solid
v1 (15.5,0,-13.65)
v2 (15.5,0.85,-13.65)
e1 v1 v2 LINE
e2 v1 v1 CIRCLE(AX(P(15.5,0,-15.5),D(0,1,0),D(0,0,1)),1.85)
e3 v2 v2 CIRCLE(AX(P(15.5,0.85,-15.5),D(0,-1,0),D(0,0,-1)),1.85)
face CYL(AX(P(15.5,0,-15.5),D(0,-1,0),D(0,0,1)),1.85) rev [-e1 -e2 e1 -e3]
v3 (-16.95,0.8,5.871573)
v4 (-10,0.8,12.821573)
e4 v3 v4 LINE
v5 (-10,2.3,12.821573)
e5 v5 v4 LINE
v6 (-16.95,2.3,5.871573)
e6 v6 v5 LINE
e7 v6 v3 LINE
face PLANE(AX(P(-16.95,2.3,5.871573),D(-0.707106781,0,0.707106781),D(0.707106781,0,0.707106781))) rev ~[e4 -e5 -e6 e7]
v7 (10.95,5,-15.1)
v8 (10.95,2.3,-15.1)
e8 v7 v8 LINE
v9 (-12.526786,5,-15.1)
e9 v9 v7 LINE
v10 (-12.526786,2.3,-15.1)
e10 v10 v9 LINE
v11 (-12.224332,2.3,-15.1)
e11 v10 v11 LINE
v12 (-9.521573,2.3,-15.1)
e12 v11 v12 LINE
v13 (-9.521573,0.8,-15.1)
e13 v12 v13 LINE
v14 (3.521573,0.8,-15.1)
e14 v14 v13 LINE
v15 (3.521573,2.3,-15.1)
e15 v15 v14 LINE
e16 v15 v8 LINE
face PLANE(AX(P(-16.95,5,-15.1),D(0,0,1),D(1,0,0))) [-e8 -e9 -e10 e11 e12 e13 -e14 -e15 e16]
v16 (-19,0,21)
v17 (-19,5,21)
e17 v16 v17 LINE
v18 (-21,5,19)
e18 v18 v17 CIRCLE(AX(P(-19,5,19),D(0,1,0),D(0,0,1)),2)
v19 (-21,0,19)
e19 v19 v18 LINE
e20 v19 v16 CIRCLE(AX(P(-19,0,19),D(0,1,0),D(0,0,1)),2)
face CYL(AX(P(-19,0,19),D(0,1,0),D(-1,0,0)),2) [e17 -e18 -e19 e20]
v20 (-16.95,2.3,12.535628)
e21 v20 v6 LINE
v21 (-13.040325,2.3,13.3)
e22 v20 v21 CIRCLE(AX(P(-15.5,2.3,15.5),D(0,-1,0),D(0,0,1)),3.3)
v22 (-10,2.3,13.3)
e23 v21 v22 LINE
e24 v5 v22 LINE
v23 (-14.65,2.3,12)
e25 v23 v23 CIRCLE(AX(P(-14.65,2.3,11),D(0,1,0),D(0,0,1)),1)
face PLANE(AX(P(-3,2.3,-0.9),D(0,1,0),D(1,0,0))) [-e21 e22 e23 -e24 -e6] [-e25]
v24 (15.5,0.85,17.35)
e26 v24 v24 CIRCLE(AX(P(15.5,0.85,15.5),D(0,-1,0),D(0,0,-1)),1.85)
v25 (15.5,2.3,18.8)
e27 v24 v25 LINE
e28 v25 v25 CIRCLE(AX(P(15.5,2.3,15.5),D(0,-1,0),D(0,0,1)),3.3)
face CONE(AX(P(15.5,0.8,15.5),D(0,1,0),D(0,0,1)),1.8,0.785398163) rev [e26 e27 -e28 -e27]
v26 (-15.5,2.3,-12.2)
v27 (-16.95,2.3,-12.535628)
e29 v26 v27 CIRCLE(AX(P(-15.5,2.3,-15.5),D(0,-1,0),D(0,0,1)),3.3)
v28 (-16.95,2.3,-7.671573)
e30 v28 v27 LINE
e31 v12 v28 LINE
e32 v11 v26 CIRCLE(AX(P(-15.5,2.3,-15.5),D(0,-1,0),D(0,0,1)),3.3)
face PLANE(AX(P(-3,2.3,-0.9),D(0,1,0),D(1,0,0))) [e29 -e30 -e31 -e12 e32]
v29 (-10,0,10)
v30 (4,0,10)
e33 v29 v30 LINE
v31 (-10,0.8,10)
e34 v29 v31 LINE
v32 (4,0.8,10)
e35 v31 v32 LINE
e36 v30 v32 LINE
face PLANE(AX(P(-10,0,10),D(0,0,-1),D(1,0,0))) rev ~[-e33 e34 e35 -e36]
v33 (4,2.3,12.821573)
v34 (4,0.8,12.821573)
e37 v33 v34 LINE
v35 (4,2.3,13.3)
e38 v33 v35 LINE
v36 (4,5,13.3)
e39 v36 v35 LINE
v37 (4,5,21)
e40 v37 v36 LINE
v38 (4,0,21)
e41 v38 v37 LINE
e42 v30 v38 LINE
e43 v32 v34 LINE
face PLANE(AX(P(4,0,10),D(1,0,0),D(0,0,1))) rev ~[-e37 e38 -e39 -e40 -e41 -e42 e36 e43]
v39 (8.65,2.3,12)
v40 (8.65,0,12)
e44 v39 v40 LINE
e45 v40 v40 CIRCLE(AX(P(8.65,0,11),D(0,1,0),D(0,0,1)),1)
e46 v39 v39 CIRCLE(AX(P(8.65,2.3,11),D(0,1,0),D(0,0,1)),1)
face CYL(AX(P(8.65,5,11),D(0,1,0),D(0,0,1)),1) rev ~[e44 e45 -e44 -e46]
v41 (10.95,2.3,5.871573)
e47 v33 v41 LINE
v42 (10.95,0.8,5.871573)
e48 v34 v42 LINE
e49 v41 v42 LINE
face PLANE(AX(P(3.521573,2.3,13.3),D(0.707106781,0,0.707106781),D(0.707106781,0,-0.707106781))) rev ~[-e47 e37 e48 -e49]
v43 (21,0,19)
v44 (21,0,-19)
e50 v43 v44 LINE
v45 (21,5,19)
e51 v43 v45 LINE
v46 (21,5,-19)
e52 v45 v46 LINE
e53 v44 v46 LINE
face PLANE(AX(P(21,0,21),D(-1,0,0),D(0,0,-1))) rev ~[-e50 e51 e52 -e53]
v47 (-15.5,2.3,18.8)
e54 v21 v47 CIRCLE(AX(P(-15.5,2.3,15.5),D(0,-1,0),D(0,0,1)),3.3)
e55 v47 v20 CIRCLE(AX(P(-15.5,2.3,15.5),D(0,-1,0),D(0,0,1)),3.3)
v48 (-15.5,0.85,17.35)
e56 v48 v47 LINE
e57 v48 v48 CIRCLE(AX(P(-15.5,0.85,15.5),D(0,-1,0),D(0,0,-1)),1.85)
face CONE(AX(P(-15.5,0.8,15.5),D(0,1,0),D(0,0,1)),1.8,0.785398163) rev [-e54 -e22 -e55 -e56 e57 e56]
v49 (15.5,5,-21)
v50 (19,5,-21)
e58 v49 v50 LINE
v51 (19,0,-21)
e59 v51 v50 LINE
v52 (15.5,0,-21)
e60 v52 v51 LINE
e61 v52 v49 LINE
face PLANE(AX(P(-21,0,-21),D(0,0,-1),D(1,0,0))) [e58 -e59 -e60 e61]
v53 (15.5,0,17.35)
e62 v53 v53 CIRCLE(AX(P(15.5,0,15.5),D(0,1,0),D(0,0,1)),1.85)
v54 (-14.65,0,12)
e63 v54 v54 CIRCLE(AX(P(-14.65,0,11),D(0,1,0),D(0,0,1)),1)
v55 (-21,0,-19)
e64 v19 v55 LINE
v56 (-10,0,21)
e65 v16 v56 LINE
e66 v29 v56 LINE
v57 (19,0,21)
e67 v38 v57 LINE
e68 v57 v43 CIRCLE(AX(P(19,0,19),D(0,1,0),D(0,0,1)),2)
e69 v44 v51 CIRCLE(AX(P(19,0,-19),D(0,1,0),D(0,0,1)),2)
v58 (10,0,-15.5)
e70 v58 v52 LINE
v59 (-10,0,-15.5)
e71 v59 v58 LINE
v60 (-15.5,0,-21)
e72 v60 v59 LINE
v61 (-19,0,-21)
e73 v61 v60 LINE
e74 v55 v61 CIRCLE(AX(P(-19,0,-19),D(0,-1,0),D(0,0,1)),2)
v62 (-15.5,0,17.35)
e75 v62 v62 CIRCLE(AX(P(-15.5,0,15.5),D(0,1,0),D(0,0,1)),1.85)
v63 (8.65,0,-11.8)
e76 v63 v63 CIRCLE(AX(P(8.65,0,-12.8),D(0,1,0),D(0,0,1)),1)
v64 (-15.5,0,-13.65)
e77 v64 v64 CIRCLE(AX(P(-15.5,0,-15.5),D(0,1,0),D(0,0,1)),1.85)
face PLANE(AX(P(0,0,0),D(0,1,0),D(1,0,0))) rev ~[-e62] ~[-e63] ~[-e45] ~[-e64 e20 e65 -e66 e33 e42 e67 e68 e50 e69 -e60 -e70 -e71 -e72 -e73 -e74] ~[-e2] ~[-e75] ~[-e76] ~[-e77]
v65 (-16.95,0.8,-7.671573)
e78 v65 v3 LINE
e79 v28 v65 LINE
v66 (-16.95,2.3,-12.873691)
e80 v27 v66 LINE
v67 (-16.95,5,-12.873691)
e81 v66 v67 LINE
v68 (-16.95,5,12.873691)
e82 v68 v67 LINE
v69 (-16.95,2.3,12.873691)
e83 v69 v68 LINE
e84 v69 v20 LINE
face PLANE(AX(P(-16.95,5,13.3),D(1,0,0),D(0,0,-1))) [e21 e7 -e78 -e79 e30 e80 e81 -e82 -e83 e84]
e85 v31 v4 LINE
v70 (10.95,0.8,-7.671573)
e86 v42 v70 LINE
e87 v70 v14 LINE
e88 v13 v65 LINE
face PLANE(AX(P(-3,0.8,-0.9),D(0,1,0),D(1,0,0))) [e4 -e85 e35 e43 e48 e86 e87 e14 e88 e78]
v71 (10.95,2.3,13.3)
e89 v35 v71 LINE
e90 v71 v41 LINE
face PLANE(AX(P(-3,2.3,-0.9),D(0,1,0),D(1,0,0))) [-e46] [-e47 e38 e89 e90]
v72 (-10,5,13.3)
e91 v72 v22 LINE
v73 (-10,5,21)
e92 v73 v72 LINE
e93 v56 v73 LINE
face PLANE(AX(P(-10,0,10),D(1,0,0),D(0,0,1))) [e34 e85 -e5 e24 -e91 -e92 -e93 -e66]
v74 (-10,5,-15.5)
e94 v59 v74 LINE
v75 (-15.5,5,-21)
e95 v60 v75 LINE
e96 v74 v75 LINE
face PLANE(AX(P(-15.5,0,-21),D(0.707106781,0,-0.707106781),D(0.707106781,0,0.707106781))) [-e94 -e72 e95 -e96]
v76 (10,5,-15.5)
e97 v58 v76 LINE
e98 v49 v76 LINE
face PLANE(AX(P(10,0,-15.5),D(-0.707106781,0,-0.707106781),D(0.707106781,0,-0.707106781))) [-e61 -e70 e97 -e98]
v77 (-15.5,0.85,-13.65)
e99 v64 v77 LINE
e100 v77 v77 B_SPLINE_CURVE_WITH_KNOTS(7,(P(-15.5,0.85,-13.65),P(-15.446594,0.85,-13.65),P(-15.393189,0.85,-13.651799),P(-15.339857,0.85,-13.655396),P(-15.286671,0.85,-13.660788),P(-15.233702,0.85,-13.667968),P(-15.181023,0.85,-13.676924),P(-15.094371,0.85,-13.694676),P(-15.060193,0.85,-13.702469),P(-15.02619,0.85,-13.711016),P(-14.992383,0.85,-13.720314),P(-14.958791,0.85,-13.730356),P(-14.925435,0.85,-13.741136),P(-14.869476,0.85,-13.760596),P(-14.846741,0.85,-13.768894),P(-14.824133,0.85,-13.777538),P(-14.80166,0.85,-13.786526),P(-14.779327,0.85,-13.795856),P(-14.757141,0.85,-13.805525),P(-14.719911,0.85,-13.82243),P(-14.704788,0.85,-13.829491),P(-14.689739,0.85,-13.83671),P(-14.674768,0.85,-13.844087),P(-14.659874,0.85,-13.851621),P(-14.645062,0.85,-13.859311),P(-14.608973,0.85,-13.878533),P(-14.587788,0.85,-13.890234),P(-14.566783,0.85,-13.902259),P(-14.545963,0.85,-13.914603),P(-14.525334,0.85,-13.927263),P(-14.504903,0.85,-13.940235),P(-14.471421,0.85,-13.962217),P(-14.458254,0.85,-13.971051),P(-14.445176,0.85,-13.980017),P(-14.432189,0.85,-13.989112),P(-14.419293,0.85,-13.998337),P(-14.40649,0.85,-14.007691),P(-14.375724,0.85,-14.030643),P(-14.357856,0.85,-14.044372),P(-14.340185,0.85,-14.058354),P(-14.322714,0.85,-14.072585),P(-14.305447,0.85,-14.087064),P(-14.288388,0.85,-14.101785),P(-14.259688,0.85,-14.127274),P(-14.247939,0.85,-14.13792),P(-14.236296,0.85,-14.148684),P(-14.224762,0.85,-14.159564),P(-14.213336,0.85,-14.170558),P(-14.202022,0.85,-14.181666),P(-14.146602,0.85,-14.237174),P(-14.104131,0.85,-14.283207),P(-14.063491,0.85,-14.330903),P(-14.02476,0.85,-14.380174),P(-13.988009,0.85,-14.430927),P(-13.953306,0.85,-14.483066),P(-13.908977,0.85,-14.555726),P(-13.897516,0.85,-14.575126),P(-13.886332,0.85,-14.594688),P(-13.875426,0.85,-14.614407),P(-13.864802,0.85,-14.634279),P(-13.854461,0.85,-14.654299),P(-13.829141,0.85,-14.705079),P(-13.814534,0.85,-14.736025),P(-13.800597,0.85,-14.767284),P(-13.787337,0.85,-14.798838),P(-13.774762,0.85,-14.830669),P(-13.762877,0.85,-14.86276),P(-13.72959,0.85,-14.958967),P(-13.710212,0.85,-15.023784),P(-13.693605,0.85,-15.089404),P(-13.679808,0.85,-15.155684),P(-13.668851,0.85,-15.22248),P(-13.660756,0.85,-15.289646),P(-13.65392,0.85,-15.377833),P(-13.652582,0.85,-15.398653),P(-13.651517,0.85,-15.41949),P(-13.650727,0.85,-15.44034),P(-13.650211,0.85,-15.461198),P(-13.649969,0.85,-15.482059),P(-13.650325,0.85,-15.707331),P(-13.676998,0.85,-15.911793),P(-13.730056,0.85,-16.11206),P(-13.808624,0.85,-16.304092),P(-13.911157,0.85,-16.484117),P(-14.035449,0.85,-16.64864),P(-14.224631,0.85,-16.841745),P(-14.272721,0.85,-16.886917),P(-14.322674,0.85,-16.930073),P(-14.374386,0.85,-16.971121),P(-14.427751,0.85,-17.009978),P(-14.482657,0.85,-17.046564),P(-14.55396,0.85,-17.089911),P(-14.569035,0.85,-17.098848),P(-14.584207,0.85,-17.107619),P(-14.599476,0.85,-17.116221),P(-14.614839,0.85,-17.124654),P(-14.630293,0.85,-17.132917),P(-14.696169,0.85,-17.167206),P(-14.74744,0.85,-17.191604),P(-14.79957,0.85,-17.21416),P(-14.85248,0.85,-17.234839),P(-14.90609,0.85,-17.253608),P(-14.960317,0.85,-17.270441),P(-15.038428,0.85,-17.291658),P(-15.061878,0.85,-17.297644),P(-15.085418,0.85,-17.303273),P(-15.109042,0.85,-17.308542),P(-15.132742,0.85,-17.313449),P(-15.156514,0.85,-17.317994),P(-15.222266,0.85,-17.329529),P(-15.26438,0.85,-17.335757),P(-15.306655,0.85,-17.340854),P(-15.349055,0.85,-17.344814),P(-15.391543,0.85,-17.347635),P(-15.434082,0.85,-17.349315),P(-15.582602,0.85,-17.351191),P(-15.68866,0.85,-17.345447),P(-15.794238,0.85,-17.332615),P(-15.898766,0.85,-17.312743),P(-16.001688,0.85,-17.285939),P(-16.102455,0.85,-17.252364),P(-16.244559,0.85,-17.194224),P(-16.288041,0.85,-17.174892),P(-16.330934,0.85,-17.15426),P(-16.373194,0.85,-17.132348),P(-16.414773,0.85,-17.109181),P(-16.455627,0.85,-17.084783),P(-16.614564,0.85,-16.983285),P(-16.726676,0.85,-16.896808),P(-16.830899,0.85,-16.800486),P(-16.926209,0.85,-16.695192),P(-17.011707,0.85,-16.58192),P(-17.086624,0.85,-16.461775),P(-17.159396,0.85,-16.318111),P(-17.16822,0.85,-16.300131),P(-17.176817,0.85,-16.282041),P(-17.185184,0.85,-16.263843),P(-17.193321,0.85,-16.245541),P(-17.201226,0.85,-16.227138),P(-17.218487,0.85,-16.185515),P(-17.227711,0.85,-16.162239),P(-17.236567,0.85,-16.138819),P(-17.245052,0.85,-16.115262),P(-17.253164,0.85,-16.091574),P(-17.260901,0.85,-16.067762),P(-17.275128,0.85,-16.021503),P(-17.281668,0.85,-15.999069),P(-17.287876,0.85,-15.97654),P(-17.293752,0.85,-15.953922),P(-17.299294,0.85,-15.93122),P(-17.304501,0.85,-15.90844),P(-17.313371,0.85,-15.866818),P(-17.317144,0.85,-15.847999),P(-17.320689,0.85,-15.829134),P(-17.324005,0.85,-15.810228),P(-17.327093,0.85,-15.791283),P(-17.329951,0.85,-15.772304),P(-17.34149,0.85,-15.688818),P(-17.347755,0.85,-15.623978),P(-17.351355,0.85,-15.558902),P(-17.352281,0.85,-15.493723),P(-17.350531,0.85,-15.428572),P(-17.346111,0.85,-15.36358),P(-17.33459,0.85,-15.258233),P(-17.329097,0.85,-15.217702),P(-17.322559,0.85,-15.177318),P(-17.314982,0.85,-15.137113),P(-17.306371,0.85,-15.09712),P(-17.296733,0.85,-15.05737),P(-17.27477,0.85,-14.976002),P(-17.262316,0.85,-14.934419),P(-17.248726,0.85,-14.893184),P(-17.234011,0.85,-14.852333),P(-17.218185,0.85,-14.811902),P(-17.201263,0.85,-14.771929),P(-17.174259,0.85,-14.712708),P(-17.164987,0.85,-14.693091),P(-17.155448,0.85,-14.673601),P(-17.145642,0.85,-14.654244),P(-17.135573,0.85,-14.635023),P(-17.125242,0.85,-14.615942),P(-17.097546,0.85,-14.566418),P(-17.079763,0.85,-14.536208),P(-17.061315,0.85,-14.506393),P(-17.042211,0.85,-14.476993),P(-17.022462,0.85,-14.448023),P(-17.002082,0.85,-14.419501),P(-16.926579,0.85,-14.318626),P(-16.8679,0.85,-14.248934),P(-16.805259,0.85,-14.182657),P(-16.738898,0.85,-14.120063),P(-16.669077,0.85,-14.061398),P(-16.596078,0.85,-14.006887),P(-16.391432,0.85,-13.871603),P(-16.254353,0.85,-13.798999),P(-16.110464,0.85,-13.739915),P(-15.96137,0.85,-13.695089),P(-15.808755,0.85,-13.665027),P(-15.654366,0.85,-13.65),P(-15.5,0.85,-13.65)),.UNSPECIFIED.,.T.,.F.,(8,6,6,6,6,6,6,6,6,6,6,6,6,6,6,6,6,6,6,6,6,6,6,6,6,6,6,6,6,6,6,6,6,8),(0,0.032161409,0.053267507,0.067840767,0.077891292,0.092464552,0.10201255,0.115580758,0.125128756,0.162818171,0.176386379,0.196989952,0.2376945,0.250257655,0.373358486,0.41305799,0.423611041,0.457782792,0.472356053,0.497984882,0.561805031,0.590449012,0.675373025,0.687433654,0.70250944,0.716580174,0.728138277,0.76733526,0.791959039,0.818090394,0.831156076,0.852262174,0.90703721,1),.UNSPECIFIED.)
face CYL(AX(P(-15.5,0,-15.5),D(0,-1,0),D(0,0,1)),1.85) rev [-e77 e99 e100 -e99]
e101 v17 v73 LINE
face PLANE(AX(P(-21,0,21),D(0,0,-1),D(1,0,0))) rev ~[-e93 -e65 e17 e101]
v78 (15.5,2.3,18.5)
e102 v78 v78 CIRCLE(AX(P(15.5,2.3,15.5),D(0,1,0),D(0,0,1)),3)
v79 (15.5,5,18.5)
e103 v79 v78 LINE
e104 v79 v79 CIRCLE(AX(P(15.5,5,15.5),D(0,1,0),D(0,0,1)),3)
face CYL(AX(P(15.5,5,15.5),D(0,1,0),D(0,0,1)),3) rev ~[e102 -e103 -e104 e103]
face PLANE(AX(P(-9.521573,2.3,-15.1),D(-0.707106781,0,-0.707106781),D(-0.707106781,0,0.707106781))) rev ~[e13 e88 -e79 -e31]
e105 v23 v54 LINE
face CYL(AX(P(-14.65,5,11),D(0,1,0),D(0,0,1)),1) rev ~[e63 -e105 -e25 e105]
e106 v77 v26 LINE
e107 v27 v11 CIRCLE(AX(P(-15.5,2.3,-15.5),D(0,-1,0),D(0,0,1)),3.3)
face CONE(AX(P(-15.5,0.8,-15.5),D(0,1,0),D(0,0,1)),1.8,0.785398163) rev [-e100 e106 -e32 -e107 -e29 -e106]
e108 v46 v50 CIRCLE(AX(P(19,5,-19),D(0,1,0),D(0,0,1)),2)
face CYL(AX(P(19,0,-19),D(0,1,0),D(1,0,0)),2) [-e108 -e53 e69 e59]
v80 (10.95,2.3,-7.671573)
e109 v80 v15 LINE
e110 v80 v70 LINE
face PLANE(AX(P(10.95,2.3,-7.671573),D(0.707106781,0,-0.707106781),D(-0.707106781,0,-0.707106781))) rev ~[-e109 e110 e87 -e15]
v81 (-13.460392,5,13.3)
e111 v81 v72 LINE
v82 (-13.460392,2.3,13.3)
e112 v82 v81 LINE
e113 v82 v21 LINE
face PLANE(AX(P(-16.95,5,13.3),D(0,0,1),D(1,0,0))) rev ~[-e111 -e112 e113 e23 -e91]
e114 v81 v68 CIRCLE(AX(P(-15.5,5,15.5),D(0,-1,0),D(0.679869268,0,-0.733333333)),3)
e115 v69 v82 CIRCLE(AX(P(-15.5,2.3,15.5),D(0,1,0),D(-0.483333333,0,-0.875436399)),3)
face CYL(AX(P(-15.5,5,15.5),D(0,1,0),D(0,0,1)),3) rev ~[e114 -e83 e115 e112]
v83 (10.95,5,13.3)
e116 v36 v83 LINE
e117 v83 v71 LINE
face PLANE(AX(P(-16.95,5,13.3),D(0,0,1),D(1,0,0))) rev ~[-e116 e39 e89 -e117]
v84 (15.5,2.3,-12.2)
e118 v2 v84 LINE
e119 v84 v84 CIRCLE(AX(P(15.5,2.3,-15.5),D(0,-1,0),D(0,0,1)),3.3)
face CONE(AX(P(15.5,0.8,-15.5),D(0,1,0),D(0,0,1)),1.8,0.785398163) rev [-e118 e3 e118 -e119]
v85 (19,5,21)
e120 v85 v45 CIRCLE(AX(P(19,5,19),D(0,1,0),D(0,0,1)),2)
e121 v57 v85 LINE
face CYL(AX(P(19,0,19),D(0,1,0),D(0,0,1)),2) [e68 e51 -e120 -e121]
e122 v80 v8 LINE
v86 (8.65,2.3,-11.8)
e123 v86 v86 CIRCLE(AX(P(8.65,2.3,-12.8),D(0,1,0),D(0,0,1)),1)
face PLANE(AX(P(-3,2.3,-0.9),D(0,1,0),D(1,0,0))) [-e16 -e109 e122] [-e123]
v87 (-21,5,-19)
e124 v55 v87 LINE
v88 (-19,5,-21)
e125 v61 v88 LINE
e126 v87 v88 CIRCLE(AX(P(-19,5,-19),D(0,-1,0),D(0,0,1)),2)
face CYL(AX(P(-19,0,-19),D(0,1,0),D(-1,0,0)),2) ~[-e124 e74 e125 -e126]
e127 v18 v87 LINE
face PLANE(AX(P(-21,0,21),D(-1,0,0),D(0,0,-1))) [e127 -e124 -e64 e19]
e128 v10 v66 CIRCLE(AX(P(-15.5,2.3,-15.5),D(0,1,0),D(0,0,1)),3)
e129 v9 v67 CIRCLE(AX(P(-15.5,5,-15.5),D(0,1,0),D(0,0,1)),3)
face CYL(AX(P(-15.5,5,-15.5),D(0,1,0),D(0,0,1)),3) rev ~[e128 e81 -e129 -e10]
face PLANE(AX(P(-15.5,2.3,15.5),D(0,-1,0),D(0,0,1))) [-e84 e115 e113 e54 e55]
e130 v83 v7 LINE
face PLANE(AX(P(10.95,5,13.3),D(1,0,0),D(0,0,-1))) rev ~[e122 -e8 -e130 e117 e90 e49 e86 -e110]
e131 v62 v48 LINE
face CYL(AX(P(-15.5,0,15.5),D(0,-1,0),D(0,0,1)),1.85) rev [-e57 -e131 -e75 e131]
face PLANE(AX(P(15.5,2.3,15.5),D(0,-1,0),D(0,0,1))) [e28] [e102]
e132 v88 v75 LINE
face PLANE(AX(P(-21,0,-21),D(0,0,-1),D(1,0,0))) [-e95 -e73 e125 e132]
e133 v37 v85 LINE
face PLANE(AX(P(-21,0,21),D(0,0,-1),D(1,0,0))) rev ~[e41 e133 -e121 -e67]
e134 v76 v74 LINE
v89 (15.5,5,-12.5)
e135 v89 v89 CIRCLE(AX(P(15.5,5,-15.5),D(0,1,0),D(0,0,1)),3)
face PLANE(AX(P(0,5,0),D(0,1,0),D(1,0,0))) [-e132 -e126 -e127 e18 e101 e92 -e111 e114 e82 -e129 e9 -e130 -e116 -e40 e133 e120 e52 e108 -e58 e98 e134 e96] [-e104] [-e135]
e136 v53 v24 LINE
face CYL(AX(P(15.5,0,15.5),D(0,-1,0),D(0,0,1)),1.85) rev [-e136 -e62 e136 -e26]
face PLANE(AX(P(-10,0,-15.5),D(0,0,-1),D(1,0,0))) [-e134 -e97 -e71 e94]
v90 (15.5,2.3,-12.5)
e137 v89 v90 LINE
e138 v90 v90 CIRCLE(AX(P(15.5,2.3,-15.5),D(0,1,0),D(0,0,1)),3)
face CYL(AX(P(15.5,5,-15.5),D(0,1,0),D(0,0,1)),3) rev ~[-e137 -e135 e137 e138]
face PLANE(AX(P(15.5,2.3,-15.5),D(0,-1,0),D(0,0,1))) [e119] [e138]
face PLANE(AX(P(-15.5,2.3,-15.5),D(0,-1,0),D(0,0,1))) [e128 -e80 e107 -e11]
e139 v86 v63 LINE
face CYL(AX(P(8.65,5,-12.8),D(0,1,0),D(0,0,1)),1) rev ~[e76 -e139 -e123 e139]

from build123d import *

# Parameters (mm, degrees)
SKETCH_1_W               = 42
SKETCH_1_H               = 42
SKETCH_1_R               = 1.85
EXTRUDE_1_DEPTH          = 5
FILLET_2_R               = 2
FILLET_3_R               = 2
FILLET_4_R               = 2
FILLET_5_R               = 2
CUT_EXTRUDE_3_DEPTH      = 31.116440693
SKETCH_6_W               = 14
SKETCH_6_H               = 11
CUT_EXTRUDE_4_DEPTH      = 31.116440693
SKETCH_8_R               = 1
CUT_EXTRUDE_6_DEPTH      = 31.116440693
SKETCH_9_R               = 3
CUT_EXTRUDE_7_DEPTH      = 2.7
SKETCH_11_W              = 27.9
SKETCH_11_H              = 28.4
CUT_EXTRUDE_14_DEPTH     = 2.7
CUT_EXTRUDE_15_DEPTH     = 1.5
HOLE_WIZARD_1_AT_2_COUNT = 2
HOLE_WIZARD_1_AT_2_PITCH = 31
HOLE_WIZARD_1_AT_3_COUNT = 2
HOLE_WIZARD_1_AT_3_PITCH = 43.840620434
HOLE_WIZARD_1_AT_4_COUNT = 2
HOLE_WIZARD_1_AT_4_PITCH = 31


with BuildPart() as part:
    # 草图1 → 凸台-拉伸1 (new body)
    with BuildSketch(Plane(origin=(0, 0, 0), x_dir=(1, 0, 0), z_dir=(0, 1, 0))):
        Rectangle(SKETCH_1_W, SKETCH_1_H)
        with Locations(Location((15.5, 15.5, 0), (0, 0, 270))):
            Circle(SKETCH_1_R, mode=Mode.SUBTRACT)
        with Locations(Location((-15.5, 15.5, 0), (0, 0, 270))):
            Circle(SKETCH_1_R, mode=Mode.SUBTRACT)
        with Locations(Location((-15.5, -15.5, 0), (0, 0, 270))):
            Circle(SKETCH_1_R, mode=Mode.SUBTRACT)
        with Locations(Location((15.5, -15.5, 0), (0, 0, 270))):
            Circle(SKETCH_1_R, mode=Mode.SUBTRACT)
    extrude(amount=EXTRUDE_1_DEPTH)

    # 圆角2
    fillet_2_edges = [part.edges().sort_by_distance(p)[0] for p in [
        (-21, 2.5, -21),
    ]]
    fillet(fillet_2_edges, radius=FILLET_2_R)

    # 圆角3
    fillet_3_edges = [part.edges().sort_by_distance(p)[0] for p in [
        (-21, 2.5, 21),
    ]]
    fillet(fillet_3_edges, radius=FILLET_3_R)

    # 圆角4
    fillet_4_edges = [part.edges().sort_by_distance(p)[0] for p in [
        (21, 2.5, 21),
    ]]
    fillet(fillet_4_edges, radius=FILLET_4_R)

    # 圆角5
    fillet_5_edges = [part.edges().sort_by_distance(p)[0] for p in [
        (21, 2.5, -21),
    ]]
    fillet(fillet_5_edges, radius=FILLET_5_R)

    # 草图5 → 切除-拉伸3 (cut, through all)
    with BuildSketch(Plane.XZ):
        Polygon((-15.5, -21), (-10, -15.5), (10, -15.5), (15.5, -21), align=None)
    extrude(amount=-CUT_EXTRUDE_3_DEPTH, mode=Mode.SUBTRACT)

    # 草图6 → 切除-拉伸4 (cut, through all)
    with BuildSketch(Plane.XZ):
        with Locations((-3, 15.5)):
            Rectangle(SKETCH_6_W, SKETCH_6_H)
    extrude(amount=-CUT_EXTRUDE_4_DEPTH, mode=Mode.SUBTRACT)

    # 草图8 → 切除-拉伸6 (cut, through all)
    with BuildSketch(Plane(origin=(0, 5, 0), x_dir=(1, 0, 0), z_dir=(0, 1, 0))):
        with Locations(Location((-14.65, -11, 0), (0, 0, 270))):
            Circle(SKETCH_8_R)
        with Locations(Location((8.65, -11, 0), (0, 0, 270))):
            Circle(SKETCH_8_R)
        with Locations(Location((8.65, 12.8, 0), (0, 0, 270))):
            Circle(SKETCH_8_R)
    extrude(amount=-CUT_EXTRUDE_6_DEPTH, mode=Mode.SUBTRACT)

    # 草图9 → 切除-拉伸7 (cut)
    with BuildSketch(Plane(origin=(0, 5, 0), x_dir=(1, 0, 0), z_dir=(0, 1, 0))):
        with Locations(Location((-15.5, 15.5, 0), (0, 0, 270))):
            Circle(SKETCH_9_R)
        with Locations(Location((15.5, 15.5, 0), (0, 0, 270))):
            Circle(SKETCH_9_R)
        with Locations(Location((15.5, -15.5, 0), (0, 0, 270))):
            Circle(SKETCH_9_R)
        with Locations(Location((-15.5, -15.5, 0), (0, 0, 270))):
            Circle(SKETCH_9_R)
    extrude(amount=-CUT_EXTRUDE_7_DEPTH, mode=Mode.SUBTRACT)

    # 草图11 → 切除-拉伸14 (cut)
    with BuildSketch(Plane(origin=(0, 5, 0), x_dir=(1, 0, 0), z_dir=(0, 1, 0))):
        with Locations((-3, 0.9)):
            Rectangle(SKETCH_11_W, SKETCH_11_H)
    extrude(amount=-CUT_EXTRUDE_14_DEPTH, mode=Mode.SUBTRACT)

    # 草图12 → 切除-拉伸15 (cut)
    with BuildSketch(Plane(origin=(0, 2.3, 0), x_dir=(1, 0, 0), z_dir=(0, 1, 0))):
        Polygon((10.95, -5.871572875), (10.95, 7.671572875), (3.521572875, 15.1), (-9.521572875, 15.1), (-16.95, 7.671572875), (-16.95, -5.871572875), (-9.521572875, -13.3), (3.521572875, -13.3), align=None)
    extrude(amount=-CUT_EXTRUDE_15_DEPTH, mode=Mode.SUBTRACT)

    # 草图14 → 打孔尺寸(%根据十字)槽半沉头木螺钉的类型1 (revolve, cut)
    with BuildSketch(Plane(origin=(15.5, 2.3, 15.5), x_dir=(0, 0, 1), z_dir=(1, 0, 0))):
        Polygon((0, 0), (0, 2.3), (1.8, 2.3), (1.8, 1.5), (3.3, 0), align=None)
    hole_wizard_1 = revolve(axis=Axis((15.5, 8.65, 15.5), (0, -1, 0)), mode=Mode.SUBTRACT)

    # 打孔尺寸(%根据十字)槽半沉头木螺钉的类型1 at 2: 打孔尺寸(%根据十字)槽半沉头木螺钉的类型1 ×2
    with Locations(*[(-i * HOLE_WIZARD_1_AT_2_PITCH, 0, 0) for i in range(1, HOLE_WIZARD_1_AT_2_COUNT)]):
        add(hole_wizard_1, mode=Mode.SUBTRACT)

    # 打孔尺寸(%根据十字)槽半沉头木螺钉的类型1 at 3: 打孔尺寸(%根据十字)槽半沉头木螺钉的类型1 ×2
    with Locations(*[Vector(-0.7071067811865476, 0, -0.7071067811865476) * (i * HOLE_WIZARD_1_AT_3_PITCH) for i in range(1, HOLE_WIZARD_1_AT_3_COUNT)]):
        add(hole_wizard_1, mode=Mode.SUBTRACT)

    # 打孔尺寸(%根据十字)槽半沉头木螺钉的类型1 at 4: 打孔尺寸(%根据十字)槽半沉头木螺钉的类型1 ×2
    with Locations(*[(0, 0, -i * HOLE_WIZARD_1_AT_4_PITCH) for i in range(1, HOLE_WIZARD_1_AT_4_COUNT)]):
        add(hole_wizard_1, mode=Mode.SUBTRACT)


solid = part.part
